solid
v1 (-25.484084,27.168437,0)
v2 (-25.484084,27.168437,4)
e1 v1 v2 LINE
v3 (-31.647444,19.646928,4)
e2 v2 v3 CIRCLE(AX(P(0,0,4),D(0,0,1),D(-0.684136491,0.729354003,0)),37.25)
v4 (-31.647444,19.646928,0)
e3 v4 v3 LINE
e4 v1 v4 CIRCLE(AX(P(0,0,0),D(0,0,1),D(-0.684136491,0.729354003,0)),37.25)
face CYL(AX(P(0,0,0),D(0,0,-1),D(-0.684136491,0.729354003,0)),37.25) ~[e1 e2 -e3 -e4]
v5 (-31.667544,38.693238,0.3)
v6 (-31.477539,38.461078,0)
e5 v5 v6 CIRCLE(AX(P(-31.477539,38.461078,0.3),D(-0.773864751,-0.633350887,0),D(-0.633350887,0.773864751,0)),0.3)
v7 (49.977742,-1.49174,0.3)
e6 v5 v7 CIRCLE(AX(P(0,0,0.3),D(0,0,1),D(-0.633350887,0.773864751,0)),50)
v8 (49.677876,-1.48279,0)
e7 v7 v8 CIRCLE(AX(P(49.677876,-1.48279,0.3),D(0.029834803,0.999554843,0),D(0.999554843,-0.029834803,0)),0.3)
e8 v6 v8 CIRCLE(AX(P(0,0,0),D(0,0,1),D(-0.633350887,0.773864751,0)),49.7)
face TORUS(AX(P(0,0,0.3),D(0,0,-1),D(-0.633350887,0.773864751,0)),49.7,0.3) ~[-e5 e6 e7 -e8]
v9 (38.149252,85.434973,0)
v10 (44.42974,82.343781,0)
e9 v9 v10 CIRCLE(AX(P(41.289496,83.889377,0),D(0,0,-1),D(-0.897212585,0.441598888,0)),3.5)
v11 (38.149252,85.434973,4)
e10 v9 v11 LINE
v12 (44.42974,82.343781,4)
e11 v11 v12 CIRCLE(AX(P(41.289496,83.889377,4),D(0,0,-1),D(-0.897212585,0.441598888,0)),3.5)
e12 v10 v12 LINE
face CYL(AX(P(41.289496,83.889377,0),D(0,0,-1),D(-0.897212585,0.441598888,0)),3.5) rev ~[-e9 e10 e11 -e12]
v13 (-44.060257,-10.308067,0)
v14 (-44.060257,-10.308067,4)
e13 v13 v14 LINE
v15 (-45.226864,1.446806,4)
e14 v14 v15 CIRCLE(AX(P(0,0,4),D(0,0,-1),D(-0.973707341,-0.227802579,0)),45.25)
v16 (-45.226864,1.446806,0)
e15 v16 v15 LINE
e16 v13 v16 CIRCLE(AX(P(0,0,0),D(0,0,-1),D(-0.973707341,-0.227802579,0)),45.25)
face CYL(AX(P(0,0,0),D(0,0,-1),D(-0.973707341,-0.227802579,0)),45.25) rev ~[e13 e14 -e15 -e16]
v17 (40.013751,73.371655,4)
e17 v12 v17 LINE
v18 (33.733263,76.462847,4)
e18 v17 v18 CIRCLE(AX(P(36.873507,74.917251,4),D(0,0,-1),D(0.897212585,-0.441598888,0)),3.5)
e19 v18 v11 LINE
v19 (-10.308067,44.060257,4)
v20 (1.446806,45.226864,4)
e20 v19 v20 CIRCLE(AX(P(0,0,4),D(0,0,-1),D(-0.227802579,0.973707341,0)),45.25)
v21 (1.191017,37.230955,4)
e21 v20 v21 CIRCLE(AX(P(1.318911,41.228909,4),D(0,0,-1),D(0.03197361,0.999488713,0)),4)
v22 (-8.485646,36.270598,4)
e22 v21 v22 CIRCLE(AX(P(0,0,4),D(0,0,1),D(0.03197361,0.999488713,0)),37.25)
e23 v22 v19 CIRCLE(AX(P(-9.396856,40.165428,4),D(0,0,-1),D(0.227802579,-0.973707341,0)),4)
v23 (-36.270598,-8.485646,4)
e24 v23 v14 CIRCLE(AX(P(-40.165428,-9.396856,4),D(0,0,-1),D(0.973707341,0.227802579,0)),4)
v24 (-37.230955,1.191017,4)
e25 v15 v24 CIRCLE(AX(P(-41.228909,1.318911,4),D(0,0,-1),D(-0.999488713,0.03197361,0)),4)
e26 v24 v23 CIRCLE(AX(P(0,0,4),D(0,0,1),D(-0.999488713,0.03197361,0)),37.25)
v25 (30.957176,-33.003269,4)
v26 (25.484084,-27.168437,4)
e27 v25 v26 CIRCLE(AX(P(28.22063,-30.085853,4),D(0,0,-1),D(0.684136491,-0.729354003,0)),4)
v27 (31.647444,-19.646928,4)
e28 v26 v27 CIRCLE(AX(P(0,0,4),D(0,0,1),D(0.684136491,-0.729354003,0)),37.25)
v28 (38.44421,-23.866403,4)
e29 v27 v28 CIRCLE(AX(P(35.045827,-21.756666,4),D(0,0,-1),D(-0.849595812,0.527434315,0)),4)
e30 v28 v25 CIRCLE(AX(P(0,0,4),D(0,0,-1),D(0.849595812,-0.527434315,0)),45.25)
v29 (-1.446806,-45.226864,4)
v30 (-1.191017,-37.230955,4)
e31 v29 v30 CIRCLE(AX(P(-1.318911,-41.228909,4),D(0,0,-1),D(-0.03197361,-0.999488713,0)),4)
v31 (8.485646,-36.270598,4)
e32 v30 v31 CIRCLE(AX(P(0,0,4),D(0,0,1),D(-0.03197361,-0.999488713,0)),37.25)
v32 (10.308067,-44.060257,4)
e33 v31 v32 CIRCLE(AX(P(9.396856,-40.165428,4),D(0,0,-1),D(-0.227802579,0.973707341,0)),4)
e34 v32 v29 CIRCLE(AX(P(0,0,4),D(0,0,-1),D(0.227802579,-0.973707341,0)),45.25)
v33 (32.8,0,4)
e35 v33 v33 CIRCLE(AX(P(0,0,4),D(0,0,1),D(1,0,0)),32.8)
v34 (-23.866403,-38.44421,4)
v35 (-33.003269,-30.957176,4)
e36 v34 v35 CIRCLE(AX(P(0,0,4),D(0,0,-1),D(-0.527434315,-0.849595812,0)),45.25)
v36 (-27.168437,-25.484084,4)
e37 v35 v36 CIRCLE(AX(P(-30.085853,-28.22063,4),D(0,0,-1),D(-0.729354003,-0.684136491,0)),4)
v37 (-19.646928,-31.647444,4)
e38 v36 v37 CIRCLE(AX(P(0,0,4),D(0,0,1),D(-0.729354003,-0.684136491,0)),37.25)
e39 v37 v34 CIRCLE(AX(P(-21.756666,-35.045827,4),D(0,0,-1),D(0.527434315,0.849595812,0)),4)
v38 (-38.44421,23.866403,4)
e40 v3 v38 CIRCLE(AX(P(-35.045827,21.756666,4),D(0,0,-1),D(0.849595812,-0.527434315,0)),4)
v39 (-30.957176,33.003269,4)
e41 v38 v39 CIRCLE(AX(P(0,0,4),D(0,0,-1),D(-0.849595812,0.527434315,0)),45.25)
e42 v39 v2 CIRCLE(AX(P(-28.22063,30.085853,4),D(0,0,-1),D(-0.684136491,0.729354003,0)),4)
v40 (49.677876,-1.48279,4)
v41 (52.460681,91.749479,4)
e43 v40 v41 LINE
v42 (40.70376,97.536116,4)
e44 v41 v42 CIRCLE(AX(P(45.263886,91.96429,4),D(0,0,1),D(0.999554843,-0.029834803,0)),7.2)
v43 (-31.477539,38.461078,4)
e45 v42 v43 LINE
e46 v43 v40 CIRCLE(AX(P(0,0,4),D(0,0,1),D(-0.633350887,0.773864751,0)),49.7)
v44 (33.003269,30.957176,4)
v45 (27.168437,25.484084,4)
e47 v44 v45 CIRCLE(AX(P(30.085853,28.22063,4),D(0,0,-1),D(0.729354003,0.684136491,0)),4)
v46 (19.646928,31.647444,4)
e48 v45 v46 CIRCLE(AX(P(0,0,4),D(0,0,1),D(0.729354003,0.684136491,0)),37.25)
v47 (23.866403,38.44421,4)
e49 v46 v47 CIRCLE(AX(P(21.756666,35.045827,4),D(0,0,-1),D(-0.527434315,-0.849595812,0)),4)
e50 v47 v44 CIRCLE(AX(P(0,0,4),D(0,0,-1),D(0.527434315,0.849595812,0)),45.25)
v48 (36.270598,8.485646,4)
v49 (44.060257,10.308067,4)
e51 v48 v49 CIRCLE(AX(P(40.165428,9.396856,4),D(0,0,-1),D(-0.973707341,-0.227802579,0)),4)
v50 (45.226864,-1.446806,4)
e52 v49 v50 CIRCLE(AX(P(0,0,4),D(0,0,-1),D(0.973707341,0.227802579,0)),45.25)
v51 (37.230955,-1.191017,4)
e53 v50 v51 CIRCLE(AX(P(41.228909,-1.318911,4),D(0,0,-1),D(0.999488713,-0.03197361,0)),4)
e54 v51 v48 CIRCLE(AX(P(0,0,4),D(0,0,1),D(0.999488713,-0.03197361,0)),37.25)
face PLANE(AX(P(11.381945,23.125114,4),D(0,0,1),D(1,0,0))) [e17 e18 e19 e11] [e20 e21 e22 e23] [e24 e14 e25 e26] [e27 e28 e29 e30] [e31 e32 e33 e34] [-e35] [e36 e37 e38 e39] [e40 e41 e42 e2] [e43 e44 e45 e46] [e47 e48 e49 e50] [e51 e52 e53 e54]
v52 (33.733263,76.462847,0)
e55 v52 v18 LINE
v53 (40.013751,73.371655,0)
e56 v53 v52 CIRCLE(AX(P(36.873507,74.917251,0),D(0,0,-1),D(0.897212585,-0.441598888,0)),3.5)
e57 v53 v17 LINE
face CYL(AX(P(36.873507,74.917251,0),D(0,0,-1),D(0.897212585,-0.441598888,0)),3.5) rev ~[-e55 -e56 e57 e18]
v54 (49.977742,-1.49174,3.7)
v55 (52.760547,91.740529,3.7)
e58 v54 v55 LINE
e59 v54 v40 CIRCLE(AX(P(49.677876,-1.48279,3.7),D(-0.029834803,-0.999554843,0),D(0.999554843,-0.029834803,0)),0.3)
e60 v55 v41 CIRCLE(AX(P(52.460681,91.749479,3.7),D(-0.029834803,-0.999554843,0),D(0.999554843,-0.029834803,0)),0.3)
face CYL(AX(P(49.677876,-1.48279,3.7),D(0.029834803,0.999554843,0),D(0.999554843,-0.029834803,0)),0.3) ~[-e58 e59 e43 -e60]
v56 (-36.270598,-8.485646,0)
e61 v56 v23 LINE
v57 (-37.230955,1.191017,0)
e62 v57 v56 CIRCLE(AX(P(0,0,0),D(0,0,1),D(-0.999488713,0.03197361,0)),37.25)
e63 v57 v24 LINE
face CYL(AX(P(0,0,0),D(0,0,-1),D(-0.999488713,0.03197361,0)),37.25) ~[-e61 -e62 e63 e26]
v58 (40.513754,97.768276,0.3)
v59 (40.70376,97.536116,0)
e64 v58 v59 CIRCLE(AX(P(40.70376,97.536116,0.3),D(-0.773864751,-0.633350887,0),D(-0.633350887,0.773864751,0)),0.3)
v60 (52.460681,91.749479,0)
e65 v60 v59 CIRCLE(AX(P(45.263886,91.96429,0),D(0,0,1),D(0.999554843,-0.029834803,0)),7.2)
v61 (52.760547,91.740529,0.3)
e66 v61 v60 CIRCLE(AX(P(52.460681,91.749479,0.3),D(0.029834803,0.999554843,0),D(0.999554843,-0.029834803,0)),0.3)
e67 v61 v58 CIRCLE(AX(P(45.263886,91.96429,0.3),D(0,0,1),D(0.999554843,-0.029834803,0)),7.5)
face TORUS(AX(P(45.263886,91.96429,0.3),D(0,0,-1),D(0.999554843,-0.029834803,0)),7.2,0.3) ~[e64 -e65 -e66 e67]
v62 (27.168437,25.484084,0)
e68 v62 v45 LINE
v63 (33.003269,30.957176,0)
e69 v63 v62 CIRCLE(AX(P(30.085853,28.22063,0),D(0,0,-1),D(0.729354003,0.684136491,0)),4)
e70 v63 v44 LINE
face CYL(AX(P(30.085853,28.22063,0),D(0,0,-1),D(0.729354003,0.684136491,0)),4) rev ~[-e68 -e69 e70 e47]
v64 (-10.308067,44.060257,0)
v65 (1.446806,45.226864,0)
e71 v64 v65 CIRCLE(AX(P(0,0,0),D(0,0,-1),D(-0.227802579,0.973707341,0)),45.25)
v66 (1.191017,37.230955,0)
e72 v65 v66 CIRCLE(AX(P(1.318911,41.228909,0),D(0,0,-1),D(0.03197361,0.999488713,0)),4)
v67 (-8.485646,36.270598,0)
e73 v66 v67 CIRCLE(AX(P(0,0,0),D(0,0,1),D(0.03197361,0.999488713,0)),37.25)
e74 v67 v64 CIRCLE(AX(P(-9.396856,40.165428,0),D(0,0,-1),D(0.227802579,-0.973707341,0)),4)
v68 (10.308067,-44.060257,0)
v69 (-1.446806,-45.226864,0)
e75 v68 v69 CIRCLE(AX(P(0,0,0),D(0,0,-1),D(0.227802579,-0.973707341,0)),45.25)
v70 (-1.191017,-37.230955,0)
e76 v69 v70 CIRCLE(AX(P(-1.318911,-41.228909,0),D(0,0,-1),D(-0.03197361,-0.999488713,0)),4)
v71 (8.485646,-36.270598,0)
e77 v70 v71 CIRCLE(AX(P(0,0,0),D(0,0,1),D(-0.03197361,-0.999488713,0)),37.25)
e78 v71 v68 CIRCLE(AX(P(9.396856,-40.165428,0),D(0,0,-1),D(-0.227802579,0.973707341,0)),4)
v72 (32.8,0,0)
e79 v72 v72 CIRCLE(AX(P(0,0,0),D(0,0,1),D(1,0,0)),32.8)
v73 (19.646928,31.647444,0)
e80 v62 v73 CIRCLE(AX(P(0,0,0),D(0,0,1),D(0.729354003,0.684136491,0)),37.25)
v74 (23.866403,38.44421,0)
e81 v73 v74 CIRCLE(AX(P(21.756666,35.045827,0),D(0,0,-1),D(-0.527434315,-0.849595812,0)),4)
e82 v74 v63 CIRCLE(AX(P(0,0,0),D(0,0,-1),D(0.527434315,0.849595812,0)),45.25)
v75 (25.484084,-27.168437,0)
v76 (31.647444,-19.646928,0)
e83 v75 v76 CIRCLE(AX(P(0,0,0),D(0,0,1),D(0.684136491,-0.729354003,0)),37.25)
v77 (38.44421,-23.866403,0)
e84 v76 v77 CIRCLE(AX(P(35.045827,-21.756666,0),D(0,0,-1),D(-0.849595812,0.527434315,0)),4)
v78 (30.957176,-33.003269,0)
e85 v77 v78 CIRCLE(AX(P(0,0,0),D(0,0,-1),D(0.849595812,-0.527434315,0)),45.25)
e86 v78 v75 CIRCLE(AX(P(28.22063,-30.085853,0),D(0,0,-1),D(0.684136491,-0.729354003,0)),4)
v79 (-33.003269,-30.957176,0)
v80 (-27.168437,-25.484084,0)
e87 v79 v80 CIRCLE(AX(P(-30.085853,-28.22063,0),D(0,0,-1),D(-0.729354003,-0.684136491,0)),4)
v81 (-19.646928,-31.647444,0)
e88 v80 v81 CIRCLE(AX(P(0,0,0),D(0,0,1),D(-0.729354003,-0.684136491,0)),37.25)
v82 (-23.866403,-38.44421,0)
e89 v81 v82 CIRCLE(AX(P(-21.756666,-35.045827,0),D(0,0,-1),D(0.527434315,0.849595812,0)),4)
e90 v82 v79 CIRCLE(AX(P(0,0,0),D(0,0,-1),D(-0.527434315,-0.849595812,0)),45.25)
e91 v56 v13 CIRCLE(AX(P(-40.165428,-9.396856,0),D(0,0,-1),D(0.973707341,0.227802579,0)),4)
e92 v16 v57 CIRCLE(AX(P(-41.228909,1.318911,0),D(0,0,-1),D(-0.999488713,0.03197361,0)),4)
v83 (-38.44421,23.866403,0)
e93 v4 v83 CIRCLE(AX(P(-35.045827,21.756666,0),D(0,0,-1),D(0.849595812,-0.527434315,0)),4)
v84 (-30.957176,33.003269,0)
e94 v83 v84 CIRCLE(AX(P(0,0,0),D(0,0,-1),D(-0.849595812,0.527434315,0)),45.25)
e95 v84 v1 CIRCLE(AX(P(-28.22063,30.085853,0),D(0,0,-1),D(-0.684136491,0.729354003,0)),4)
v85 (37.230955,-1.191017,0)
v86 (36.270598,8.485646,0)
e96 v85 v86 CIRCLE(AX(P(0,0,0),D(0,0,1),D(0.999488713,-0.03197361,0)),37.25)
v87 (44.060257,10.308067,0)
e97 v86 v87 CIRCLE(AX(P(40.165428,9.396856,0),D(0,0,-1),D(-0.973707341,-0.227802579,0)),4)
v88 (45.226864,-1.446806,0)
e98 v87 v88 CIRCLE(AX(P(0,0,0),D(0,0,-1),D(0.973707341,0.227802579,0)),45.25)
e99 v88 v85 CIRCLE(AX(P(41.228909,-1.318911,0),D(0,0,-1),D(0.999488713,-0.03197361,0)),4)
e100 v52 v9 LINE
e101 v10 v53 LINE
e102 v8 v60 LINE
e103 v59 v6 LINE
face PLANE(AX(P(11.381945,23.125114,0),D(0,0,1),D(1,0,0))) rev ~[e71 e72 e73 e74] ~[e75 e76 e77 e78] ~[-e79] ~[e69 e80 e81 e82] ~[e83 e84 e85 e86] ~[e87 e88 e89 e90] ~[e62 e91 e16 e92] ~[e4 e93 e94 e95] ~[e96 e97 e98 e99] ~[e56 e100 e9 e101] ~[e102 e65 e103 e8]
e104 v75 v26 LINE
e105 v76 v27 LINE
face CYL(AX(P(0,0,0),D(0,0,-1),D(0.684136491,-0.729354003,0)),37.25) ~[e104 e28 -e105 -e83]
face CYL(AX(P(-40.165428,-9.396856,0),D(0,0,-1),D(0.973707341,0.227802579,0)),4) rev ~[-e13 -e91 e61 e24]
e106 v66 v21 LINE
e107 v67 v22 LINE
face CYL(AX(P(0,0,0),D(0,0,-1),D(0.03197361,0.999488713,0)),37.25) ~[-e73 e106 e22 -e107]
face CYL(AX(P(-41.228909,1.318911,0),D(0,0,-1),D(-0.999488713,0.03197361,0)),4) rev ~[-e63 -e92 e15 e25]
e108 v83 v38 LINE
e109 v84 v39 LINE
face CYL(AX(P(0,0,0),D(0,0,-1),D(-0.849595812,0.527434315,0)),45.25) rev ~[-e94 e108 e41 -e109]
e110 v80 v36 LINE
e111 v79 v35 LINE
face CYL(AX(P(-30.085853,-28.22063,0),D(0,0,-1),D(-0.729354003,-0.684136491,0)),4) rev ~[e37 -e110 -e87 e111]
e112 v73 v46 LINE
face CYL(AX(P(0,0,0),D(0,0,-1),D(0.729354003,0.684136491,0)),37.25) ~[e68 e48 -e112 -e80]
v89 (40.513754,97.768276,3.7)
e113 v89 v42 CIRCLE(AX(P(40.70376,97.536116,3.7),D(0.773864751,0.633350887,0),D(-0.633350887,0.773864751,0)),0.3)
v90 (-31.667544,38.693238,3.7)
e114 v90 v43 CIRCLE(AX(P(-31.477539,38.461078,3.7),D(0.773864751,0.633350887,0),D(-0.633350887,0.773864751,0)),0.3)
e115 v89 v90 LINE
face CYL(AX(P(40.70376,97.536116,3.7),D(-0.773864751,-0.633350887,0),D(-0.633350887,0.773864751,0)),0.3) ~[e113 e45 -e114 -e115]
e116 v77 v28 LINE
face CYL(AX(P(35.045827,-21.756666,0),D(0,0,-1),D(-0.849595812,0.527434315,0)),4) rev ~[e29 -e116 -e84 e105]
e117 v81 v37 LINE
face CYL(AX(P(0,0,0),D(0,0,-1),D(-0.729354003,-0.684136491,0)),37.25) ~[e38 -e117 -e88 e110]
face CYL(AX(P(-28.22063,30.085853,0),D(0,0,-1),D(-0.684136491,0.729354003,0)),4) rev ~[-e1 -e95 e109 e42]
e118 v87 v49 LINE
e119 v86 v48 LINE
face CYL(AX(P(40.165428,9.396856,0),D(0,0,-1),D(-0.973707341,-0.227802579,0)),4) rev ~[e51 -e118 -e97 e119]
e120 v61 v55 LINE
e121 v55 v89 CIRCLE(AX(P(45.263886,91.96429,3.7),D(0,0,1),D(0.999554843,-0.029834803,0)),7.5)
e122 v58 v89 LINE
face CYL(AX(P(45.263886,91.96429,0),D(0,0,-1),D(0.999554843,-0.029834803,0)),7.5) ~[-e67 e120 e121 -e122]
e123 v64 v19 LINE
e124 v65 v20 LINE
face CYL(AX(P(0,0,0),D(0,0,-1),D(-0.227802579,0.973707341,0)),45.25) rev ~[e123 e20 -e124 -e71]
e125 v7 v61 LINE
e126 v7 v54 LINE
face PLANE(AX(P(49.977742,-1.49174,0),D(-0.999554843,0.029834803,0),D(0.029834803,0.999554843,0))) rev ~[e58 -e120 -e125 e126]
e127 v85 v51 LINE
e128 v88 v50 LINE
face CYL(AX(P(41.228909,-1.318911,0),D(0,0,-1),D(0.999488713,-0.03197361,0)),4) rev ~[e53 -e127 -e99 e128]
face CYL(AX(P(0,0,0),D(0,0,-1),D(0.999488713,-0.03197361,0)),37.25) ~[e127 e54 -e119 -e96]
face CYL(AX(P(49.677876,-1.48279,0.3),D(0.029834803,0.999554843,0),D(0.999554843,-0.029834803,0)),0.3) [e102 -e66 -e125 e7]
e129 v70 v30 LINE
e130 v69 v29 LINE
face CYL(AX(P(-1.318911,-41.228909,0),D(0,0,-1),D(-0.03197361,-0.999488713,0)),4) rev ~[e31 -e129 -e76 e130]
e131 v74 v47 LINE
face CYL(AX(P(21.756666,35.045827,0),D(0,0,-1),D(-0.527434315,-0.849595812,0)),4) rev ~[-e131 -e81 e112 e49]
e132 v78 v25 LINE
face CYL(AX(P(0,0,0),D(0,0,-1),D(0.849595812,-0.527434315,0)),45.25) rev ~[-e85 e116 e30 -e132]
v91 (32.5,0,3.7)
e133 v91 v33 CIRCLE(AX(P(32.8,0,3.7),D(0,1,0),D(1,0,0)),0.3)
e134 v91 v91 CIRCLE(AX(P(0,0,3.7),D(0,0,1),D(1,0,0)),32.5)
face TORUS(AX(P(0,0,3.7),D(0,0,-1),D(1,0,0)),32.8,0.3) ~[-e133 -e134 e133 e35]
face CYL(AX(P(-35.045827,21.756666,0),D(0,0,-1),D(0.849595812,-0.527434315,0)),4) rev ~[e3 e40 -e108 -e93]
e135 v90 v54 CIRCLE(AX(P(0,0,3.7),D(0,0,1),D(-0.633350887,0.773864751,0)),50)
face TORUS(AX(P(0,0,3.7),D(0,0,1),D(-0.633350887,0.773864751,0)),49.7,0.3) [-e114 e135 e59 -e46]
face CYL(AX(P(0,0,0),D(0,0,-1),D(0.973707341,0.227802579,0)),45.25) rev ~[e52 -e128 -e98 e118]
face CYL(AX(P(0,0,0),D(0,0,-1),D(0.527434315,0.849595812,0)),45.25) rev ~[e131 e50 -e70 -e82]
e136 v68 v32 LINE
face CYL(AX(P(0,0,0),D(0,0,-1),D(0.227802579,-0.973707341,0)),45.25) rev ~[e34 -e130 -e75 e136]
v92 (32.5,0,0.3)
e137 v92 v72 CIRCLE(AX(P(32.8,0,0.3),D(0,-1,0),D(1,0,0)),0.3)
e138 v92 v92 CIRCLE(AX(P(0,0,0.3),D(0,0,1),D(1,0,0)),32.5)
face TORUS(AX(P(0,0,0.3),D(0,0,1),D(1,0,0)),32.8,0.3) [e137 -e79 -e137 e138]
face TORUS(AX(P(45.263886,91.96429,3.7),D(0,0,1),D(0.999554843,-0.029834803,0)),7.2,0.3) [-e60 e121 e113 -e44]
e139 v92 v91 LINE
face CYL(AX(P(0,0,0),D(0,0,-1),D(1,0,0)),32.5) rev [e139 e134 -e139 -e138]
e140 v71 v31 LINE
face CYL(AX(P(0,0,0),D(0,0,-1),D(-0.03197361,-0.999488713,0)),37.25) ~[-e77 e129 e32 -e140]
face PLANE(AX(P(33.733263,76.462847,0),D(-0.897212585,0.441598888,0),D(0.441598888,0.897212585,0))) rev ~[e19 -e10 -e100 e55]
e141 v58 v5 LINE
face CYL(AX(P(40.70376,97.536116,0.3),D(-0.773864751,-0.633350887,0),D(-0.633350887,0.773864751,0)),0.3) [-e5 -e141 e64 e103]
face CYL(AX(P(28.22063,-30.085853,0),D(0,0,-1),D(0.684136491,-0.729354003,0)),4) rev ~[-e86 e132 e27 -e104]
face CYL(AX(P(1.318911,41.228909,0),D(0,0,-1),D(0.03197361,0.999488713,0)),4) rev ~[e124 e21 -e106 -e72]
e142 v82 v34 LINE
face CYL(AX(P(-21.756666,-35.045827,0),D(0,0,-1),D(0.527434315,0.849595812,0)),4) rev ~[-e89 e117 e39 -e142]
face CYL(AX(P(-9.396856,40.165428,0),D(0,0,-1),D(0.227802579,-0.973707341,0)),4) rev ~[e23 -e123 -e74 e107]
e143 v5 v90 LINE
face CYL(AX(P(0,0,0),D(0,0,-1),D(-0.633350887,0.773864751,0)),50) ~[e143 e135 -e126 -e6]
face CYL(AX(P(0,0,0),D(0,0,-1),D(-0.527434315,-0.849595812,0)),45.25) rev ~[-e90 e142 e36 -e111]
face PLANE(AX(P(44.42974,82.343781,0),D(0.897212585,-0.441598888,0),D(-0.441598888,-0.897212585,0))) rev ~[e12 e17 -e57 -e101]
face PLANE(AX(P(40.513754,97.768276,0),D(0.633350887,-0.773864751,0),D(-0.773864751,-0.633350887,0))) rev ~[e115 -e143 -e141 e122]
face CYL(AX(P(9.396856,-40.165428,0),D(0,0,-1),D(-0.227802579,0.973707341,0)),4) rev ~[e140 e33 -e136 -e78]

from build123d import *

# Parameters (mm, degrees)
SKETCH1_R           = 32.5
BOSS_EXTRUDE1_DEPTH = 4
FILLET1_R           = 0.3


with BuildPart() as part:
    # Sketch1 → Boss-Extrude1 (new body)
    with BuildSketch(Plane.XY):
        with BuildLine():
            Line((40.513754338, 97.768275578), (-31.667544375, 38.693237565))
            ThreePointArc((-31.667544375, 38.693237565), (-22.079944387, -44.860629241), (49.977742159, -1.491740146))
            Line((49.977742159, -1.491740146), (52.760547318, 91.740528921))
            ThreePointArc((52.760547318, 91.740528921), (48.575877652, 98.693384329), (40.513754338, 97.768275578))
        make_face()
        with BuildLine():
            Line((44.429740051, 82.343780573), (40.013751174, 73.371654725))
            ThreePointArc((40.013751174, 73.371654725), (35.32791102, 71.777006785), (33.73326308, 76.462846939))
            Line((33.73326308, 76.462846939), (38.149251957, 85.434972787))
            ThreePointArc((38.149251957, 85.434972787), (42.835092111, 87.029620727), (44.429740051, 82.343780573))
        make_face(mode=Mode.SUBTRACT)
        with BuildLine():
            ThreePointArc((27.168436627, 25.484084273), (23.609666403, 28.812256981), (19.646928241, 31.647443984))
            ThreePointArc((19.646928241, 31.647443984), (18.358282255, 37.155564491), (23.866402763, 38.444210477))
            ThreePointArc((23.866402763, 38.444210477), (28.680198785, 35.000124252), (33.003268654, 30.957176198))
            ThreePointArc((33.003268654, 30.957176198), (32.822398603, 25.303214222), (27.168436627, 25.484084273))
        make_face(mode=Mode.SUBTRACT)
        with BuildLine():
            ThreePointArc((-23.866402763, -38.444210477), (-28.680198785, -35.000124252), (-33.003268654, -30.957176198))
            ThreePointArc((-33.003268654, -30.957176198), (-32.822398603, -25.303214222), (-27.168436627, -25.484084273))
            ThreePointArc((-27.168436627, -25.484084273), (-23.609666403, -28.812256981), (-19.646928241, -31.647443984))
            ThreePointArc((-19.646928241, -31.647443984), (-18.358282255, -37.155564491), (-23.866402763, -38.444210477))
        make_face(mode=Mode.SUBTRACT)
        with BuildLine():
            ThreePointArc((-44.060257161, -10.30806669), (-45.028788248, -4.468862155), (-45.226864283, 1.446805851))
            ThreePointArc((-45.226864283, 1.446805851), (-41.101014989, 5.316866265), (-37.230954575, 1.191016971))
            ThreePointArc((-37.230954575, 1.191016971), (-37.067897508, -3.678787077), (-36.270598437, -8.485646059))
            ThreePointArc((-36.270598437, -8.485646059), (-39.254217484, -13.291685737), (-44.060257161, -10.30806669))
        make_face(mode=Mode.SUBTRACT)
        Circle(SKETCH1_R, mode=Mode.SUBTRACT)
        with BuildLine():
            ThreePointArc((10.30806669, -44.060257161), (4.468862155, -45.028788248), (-1.446805851, -45.226864283))
            ThreePointArc((-1.446805851, -45.226864283), (-5.316866265, -41.101014989), (-1.191016971, -37.230954575))
            ThreePointArc((-1.191016971, -37.230954575), (3.678787077, -37.067897508), (8.485646059, -36.270598437))
            ThreePointArc((8.485646059, -36.270598437), (13.291685737, -39.254217484), (10.30806669, -44.060257161))
        make_face(mode=Mode.SUBTRACT)
        with BuildLine():
            ThreePointArc((38.444210477, -23.866402763), (35.000124252, -28.680198785), (30.957176198, -33.003268654))
            ThreePointArc((30.957176198, -33.003268654), (25.303214222, -32.822398603), (25.484084273, -27.168436627))
            ThreePointArc((25.484084273, -27.168436627), (28.812256981, -23.609666403), (31.647443984, -19.646928241))
            ThreePointArc((31.647443984, -19.646928241), (37.155564491, -18.358282255), (38.444210477, -23.866402763))
        make_face(mode=Mode.SUBTRACT)
        with BuildLine():
            ThreePointArc((44.060257161, 10.30806669), (45.028788248, 4.468862155), (45.226864283, -1.446805851))
            ThreePointArc((45.226864283, -1.446805851), (41.101014989, -5.316866265), (37.230954575, -1.191016971))
            ThreePointArc((37.230954575, -1.191016971), (37.067897508, 3.678787077), (36.270598437, 8.485646059))
            ThreePointArc((36.270598437, 8.485646059), (39.254217484, 13.291685737), (44.060257161, 10.30806669))
        make_face(mode=Mode.SUBTRACT)
        with BuildLine():
            ThreePointArc((-38.444210477, 23.866402763), (-35.000124252, 28.680198785), (-30.957176198, 33.003268654))
            ThreePointArc((-30.957176198, 33.003268654), (-25.303214222, 32.822398603), (-25.484084273, 27.168436627))
            ThreePointArc((-25.484084273, 27.168436627), (-28.812256981, 23.609666403), (-31.647443984, 19.646928241))
            ThreePointArc((-31.647443984, 19.646928241), (-37.155564491, 18.358282255), (-38.444210477, 23.866402763))
        make_face(mode=Mode.SUBTRACT)
        with BuildLine():
            ThreePointArc((-10.30806669, 44.060257161), (-4.468862155, 45.028788248), (1.446805851, 45.226864283))
            ThreePointArc((1.446805851, 45.226864283), (5.316866265, 41.101014989), (1.191016971, 37.230954575))
            ThreePointArc((1.191016971, 37.230954575), (-3.678787077, 37.067897508), (-8.485646059, 36.270598437))
            ThreePointArc((-8.485646059, 36.270598437), (-13.291685737, 39.254217484), (-10.30806669, 44.060257161))
        make_face(mode=Mode.SUBTRACT)
    extrude(amount=BOSS_EXTRUDE1_DEPTH)

    # Fillet1
    fillet1_edges = [part.edges().sort_by_distance(p)[0] for p in [
        (-32.5, 0, 4),
        (48.575877652, 98.693384329, 4),
        (4.423104981, 68.230756572, 4),
        (-22.079944387, -44.860629241, 4),
        (51.369144738, 45.124394387, 4),
        (-32.5, 0, 0),
        (51.369144738, 45.124394387, 0),
        (-22.079944387, -44.860629241, 0),
        (4.423104981, 68.230756572, 0),
        (48.575877652, 98.693384329, 0),
    ]]
    fillet(fillet1_edges, radius=FILLET1_R)


solid = part.part
